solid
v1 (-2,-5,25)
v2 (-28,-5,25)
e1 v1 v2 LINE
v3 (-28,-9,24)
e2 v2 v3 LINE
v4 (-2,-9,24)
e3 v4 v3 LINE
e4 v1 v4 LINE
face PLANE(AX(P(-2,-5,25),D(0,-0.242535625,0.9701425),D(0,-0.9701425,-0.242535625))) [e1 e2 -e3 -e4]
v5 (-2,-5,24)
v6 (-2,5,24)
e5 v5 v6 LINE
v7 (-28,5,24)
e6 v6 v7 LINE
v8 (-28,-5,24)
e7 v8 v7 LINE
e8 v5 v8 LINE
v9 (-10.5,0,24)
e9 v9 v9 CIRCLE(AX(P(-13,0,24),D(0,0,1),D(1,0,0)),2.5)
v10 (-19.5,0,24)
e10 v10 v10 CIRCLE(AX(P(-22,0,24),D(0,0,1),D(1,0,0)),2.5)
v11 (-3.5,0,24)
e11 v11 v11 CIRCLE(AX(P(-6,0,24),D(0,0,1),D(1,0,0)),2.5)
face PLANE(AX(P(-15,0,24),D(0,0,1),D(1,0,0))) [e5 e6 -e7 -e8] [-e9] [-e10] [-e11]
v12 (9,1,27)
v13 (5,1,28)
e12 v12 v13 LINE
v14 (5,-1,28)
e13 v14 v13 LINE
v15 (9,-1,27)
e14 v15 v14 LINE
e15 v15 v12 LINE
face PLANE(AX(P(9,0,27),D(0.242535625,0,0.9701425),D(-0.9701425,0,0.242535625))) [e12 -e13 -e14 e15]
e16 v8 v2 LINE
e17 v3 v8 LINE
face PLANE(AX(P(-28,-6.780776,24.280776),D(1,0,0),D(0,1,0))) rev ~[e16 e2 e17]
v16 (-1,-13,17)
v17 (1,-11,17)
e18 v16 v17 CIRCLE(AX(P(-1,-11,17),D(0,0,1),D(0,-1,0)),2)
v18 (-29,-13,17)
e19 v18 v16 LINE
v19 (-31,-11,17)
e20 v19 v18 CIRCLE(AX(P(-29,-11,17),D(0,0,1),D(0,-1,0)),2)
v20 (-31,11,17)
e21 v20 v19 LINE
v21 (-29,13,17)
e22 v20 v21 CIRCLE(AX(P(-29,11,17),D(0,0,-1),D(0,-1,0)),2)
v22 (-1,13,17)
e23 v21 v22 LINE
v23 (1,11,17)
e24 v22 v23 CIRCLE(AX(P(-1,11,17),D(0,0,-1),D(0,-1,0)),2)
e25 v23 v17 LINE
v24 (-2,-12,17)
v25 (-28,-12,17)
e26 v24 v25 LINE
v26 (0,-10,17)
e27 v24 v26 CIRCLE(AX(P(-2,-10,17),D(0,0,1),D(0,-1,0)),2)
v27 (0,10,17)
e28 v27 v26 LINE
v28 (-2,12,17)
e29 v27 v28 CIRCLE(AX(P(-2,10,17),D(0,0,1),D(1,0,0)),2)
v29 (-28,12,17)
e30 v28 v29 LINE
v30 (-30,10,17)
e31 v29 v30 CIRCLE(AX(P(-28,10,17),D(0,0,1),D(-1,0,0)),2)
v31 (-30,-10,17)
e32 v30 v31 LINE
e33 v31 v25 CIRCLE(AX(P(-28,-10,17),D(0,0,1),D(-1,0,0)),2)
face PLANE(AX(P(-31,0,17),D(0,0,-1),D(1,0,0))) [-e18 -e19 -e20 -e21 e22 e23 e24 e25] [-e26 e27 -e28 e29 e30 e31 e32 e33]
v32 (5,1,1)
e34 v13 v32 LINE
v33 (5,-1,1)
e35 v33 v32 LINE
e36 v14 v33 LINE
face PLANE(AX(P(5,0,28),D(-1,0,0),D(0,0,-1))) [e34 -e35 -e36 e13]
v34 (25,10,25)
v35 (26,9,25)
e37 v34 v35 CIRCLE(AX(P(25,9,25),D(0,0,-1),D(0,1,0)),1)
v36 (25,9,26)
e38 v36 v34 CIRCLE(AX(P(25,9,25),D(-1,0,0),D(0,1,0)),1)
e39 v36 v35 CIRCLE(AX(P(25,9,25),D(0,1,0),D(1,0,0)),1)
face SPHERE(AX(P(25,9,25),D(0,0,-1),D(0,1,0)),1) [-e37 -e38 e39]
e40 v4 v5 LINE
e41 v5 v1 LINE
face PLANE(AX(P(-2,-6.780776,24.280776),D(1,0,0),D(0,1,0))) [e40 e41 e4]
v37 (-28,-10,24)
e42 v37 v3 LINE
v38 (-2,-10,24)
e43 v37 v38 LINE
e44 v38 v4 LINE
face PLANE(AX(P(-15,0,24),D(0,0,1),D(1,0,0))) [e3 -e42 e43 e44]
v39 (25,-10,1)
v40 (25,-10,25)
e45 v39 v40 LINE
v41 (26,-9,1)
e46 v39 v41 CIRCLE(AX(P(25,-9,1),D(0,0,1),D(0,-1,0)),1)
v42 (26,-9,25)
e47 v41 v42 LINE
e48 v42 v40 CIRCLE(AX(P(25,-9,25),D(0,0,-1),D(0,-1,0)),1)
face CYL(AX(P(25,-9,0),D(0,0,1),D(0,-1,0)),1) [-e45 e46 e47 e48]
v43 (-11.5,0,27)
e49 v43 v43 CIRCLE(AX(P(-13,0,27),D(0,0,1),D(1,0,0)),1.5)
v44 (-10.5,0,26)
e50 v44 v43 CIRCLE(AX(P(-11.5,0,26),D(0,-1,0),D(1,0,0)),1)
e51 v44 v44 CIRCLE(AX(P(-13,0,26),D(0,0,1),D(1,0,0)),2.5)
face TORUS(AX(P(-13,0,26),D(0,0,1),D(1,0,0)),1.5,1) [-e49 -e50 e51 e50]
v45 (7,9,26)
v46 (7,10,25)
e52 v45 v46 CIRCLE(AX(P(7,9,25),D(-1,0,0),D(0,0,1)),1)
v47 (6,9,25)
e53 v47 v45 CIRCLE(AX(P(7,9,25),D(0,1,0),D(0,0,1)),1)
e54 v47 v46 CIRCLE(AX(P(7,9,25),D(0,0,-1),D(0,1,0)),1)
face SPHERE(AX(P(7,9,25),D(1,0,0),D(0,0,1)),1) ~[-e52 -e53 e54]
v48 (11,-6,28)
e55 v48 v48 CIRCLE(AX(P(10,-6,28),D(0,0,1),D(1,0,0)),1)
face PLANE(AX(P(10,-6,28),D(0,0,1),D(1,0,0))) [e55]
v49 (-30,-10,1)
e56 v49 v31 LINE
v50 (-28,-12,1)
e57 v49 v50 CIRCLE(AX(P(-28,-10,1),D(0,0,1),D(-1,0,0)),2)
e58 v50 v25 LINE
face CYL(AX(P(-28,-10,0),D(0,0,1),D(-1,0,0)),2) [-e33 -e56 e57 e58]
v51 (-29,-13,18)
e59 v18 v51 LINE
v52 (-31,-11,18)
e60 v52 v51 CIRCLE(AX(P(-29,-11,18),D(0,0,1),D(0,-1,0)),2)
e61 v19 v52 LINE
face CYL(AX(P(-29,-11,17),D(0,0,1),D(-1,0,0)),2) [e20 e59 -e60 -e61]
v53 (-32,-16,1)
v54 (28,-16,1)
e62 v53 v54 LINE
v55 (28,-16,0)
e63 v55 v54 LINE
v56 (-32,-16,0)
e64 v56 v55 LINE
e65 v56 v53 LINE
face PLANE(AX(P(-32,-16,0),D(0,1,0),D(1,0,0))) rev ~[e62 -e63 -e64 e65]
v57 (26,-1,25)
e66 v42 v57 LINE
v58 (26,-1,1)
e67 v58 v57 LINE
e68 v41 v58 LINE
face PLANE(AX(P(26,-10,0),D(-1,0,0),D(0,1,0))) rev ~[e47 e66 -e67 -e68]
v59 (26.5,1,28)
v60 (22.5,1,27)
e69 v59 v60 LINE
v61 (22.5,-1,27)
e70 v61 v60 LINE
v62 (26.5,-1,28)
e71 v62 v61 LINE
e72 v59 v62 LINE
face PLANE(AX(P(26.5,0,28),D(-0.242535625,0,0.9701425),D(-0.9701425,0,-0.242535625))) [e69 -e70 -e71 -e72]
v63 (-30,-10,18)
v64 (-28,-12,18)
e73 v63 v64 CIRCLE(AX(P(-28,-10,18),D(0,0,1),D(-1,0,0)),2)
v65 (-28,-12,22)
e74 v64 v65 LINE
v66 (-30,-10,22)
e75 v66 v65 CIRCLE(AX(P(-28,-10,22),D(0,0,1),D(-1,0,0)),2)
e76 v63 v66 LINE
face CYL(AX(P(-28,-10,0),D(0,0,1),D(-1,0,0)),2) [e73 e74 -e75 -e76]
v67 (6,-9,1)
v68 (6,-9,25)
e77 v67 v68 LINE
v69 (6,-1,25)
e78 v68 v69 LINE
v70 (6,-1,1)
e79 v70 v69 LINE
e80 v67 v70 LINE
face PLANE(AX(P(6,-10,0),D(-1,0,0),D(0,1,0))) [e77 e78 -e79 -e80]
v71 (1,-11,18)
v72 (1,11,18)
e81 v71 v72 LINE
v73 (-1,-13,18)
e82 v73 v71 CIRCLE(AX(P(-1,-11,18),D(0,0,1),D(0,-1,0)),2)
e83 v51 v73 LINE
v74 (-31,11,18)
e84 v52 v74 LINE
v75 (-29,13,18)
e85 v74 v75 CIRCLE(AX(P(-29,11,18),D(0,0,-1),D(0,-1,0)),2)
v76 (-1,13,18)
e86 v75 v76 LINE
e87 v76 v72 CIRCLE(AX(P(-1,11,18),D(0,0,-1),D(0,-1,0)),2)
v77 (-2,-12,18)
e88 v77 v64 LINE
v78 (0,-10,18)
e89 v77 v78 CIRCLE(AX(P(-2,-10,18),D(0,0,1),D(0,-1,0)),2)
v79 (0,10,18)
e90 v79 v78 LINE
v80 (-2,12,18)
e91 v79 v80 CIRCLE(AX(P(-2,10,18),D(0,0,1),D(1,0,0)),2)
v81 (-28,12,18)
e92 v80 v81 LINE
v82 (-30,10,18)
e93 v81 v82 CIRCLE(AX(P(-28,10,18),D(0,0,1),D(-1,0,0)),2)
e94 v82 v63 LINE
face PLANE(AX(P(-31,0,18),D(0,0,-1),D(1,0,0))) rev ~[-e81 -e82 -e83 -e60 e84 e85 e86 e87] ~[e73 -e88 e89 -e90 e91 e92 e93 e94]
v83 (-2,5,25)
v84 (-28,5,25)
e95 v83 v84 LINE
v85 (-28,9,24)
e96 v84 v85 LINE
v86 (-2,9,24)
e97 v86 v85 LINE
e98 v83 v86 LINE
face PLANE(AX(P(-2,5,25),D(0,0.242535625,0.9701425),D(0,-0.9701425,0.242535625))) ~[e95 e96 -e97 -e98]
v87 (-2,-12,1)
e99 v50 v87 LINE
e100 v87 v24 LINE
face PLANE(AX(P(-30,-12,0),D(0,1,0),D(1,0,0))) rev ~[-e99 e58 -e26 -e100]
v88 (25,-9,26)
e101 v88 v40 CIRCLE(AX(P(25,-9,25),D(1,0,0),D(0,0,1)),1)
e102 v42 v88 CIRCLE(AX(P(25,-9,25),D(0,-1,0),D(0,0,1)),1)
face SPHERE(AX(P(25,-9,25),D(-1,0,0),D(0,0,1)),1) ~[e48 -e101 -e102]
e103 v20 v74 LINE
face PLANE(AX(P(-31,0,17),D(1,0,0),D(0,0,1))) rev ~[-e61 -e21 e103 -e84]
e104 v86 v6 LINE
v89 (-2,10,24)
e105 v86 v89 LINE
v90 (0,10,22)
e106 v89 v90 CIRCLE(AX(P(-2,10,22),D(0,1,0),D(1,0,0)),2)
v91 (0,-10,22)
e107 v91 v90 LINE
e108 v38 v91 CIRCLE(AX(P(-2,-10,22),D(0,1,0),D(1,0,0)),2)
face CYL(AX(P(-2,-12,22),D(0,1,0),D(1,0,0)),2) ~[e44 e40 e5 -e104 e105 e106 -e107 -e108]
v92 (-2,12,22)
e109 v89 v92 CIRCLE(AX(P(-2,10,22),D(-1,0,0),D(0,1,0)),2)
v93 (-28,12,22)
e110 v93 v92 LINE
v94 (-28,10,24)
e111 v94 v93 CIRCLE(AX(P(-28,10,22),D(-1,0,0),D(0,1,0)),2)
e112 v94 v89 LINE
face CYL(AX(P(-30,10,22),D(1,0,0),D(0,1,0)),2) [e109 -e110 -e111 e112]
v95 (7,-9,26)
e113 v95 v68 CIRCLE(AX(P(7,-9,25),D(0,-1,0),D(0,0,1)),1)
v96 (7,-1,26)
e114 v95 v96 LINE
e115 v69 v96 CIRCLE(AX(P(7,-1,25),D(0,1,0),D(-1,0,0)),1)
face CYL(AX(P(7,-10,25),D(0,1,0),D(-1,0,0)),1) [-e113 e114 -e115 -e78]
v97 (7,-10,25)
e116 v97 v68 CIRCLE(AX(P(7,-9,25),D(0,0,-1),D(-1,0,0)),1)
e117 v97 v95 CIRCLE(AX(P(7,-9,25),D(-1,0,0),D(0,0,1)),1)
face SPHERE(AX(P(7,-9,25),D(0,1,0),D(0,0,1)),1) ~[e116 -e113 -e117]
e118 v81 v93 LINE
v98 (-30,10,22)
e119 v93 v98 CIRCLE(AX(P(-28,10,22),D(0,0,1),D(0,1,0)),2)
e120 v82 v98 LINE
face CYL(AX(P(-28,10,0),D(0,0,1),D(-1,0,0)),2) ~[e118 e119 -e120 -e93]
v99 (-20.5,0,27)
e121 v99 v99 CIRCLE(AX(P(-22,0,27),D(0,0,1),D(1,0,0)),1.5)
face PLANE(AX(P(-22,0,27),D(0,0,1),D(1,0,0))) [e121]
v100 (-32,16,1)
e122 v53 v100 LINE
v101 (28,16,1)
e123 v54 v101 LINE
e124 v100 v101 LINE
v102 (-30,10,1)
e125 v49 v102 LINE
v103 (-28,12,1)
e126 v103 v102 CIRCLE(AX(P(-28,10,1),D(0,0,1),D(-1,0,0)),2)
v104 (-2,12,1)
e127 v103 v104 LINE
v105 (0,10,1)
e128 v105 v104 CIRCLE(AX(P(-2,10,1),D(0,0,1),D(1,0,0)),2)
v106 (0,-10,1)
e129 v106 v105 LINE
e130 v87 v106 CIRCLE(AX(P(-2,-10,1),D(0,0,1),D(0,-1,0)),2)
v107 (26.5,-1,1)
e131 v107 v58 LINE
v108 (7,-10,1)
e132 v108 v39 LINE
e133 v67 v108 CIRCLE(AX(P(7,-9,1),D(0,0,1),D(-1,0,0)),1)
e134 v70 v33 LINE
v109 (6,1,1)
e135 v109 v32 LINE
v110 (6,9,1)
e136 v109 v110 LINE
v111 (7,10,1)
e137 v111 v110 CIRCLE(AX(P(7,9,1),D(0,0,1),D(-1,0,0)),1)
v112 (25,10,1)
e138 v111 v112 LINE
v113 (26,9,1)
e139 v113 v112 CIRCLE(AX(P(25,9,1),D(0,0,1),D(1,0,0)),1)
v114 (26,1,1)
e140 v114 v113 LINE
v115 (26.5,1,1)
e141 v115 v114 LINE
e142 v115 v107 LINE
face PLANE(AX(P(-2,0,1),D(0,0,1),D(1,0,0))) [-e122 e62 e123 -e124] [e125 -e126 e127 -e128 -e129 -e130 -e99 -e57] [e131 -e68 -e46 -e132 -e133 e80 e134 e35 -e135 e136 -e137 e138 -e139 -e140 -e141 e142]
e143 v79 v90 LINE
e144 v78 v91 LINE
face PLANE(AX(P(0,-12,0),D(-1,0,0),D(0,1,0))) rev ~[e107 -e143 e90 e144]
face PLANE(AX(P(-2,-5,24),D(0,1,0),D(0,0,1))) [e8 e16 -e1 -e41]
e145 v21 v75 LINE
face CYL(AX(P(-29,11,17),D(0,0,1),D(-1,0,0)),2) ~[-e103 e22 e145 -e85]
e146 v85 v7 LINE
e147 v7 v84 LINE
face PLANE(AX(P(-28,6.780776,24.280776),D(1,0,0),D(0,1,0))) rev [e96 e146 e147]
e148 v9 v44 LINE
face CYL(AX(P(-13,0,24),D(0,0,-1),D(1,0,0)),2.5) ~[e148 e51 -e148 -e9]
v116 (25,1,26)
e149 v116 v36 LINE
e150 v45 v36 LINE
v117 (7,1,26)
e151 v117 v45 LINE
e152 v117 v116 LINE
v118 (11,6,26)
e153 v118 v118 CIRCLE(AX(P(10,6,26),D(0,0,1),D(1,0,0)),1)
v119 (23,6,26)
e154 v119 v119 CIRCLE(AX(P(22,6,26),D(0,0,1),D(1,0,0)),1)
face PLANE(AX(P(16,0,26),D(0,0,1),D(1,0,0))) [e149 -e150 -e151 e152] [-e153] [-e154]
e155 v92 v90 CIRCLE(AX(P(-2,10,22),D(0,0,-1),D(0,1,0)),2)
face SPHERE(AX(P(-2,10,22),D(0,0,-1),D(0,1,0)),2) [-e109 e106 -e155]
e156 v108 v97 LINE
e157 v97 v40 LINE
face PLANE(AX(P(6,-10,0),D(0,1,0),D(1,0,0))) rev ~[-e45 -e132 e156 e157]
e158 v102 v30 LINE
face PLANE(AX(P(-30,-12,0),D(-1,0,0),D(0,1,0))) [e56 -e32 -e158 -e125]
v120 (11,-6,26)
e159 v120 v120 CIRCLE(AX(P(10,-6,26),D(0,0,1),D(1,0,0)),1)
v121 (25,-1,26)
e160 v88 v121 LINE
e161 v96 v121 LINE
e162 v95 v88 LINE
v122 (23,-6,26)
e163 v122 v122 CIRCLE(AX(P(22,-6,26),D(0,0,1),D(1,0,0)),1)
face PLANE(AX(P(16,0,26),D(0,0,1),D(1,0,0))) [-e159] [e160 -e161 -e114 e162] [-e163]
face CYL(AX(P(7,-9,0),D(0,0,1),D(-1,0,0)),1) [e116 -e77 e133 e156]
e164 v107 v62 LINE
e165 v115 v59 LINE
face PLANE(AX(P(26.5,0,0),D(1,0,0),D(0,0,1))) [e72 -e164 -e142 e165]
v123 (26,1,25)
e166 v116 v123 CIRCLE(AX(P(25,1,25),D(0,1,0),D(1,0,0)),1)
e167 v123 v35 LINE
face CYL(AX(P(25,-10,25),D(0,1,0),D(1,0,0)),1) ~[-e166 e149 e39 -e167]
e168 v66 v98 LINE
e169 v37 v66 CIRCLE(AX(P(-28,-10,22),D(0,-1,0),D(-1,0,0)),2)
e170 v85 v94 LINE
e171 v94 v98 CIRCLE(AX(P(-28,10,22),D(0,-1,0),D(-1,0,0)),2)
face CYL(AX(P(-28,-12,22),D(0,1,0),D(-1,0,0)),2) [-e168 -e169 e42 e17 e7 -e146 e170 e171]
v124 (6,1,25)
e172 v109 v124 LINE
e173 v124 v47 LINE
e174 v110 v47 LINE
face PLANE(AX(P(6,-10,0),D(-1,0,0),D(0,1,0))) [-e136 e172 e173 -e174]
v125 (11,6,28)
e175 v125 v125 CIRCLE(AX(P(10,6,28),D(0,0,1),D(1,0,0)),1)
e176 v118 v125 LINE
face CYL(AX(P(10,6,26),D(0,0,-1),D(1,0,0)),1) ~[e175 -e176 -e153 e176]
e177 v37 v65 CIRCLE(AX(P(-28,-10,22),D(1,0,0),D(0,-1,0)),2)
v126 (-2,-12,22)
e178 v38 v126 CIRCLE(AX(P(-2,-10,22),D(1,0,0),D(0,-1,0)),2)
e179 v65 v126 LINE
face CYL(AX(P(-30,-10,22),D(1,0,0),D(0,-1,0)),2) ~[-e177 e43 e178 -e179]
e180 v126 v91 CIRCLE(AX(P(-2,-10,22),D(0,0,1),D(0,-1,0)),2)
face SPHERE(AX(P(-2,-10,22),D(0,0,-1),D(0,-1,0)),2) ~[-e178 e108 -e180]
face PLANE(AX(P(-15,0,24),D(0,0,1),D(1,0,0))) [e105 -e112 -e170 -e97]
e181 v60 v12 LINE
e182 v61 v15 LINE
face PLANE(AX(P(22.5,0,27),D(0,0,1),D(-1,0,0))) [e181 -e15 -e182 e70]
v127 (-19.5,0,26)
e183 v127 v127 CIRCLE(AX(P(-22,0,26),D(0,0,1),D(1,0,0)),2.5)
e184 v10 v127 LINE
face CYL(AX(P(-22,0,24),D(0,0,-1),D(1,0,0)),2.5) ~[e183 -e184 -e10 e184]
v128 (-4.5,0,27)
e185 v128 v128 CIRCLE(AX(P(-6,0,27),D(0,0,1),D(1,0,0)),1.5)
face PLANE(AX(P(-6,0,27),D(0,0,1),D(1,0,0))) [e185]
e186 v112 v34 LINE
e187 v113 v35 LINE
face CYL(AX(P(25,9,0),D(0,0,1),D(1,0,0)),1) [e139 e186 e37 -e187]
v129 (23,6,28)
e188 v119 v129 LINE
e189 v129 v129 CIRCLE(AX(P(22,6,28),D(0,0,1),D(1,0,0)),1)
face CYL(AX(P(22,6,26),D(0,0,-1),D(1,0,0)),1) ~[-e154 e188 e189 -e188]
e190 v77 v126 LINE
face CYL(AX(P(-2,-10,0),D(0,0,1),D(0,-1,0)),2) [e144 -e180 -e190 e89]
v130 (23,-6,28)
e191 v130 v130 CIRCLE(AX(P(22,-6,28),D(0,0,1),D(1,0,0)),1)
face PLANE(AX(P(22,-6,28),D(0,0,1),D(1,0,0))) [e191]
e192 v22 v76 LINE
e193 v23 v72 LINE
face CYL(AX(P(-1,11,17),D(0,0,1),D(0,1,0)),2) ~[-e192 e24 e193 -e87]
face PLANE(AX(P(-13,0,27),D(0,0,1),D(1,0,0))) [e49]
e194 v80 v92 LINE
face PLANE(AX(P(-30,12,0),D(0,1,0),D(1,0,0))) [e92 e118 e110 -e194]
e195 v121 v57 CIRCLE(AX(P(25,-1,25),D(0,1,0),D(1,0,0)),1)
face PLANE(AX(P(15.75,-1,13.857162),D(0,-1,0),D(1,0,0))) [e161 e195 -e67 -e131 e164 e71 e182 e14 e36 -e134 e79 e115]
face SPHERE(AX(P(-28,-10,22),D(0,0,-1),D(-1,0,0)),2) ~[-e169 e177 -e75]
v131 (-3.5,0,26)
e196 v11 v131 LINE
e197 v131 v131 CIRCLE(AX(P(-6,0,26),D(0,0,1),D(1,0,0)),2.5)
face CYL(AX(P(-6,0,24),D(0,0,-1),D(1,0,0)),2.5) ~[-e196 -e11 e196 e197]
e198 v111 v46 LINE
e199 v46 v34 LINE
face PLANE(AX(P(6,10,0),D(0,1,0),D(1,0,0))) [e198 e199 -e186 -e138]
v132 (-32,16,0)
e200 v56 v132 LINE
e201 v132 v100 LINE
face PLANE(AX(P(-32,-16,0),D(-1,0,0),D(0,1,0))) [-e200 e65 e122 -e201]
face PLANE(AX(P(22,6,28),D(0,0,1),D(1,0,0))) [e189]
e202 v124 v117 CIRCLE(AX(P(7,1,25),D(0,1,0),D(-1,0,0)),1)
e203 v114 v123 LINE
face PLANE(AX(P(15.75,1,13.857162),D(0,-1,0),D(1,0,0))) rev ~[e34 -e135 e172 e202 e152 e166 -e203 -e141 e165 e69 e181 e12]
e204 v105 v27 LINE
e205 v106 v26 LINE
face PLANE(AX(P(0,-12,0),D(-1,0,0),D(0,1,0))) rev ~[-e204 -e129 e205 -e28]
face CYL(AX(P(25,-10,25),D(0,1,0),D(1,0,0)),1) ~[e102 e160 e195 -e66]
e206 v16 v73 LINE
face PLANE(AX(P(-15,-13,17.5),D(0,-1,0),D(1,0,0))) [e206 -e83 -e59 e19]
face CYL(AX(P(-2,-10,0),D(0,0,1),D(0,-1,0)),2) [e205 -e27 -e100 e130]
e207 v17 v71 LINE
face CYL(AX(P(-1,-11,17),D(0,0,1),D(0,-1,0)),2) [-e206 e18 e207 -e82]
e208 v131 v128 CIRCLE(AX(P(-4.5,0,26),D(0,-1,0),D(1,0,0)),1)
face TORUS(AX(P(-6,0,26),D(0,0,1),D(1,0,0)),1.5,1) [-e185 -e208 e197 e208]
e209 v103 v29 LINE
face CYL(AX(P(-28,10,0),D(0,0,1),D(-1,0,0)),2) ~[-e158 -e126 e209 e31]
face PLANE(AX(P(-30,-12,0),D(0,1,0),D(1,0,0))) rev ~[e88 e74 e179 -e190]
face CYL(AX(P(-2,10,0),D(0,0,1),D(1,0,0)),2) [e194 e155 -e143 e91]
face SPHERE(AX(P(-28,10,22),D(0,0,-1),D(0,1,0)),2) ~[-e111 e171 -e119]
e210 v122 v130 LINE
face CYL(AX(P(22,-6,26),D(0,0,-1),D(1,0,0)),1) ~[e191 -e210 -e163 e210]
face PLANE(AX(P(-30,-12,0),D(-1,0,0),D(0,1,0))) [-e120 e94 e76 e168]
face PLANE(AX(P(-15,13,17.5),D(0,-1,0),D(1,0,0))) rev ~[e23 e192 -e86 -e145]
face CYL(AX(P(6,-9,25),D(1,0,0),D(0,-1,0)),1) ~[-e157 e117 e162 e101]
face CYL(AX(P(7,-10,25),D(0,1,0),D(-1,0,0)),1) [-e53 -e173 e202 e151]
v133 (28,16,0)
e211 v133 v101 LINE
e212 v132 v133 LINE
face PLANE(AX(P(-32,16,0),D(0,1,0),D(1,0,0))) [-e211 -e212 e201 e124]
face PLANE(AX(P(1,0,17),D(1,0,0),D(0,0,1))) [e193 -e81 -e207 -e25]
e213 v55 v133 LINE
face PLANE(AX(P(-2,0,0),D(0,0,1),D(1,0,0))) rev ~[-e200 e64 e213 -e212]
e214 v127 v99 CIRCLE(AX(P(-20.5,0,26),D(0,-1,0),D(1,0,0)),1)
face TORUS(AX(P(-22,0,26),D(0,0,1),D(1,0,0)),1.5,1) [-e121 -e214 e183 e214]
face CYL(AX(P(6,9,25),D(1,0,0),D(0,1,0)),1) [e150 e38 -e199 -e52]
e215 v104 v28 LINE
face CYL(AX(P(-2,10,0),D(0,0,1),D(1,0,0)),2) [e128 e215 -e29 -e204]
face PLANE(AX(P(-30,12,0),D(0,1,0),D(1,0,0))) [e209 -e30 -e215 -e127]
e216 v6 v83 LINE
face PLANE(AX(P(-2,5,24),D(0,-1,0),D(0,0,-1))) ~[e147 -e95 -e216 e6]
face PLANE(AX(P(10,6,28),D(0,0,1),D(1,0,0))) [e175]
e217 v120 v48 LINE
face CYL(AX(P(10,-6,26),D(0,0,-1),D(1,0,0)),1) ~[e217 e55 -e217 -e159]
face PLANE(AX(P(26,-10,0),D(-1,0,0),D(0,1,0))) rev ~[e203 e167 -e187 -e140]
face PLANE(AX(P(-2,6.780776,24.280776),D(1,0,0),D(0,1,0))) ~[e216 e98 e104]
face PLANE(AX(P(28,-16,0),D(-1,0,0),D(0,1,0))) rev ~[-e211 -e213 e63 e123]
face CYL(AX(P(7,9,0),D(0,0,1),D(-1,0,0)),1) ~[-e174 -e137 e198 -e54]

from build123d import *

# Parameters (mm, degrees)
F1_W      = 30
F1_H      = 24
F2_DEPTH  = 24
F3_R      = 2
F4_W      = 32
F4_H      = 1
F5_DEPTH  = 13
F6_R      = 2
F7_R      = 2.5
F8_DEPTH  = 3
F9_R      = 1
F11_DEPTH = 26
F13_W     = 20
F13_H     = 20
F14_DEPTH = 26
F15_R     = 1
F16_R     = 1
F17_DEPTH = 2
F19_DEPTH = 1
F20_W     = 60
F20_H     = 32
F21_DEPTH = 1


with BuildPart() as f2:
    # F1 (on Top) → F2 (new body)
    with BuildSketch(Plane.XY):
        with Locations((-15, 0)):
            Rectangle(F1_W, F1_H)
    extrude(amount=F2_DEPTH)

    # F3
    f3_edges = [f2.edges().sort_by_distance(p)[0] for p in [
        (-30, 12, 12),
        (0, 12, 12),
        (-30, -12, 12),
        (0, -12, 12),
        (-15, 12, 24),
        (-30, 0, 24),
        (-15, -12, 24),
        (0, 0, 24),
    ]]
    fillet(f3_edges, radius=F3_R)

    # F4 (on Front) → F5 (join, symmetric)
    with BuildSketch(Plane.XZ):
        with Locations((-15, 17.5)):
            Rectangle(F4_W, F4_H)
    extrude(amount=F5_DEPTH, both=True)

    # F6
    f6_edges = [f2.edges().sort_by_distance(p)[0] for p in [
        (-31, 13, 17.5),
        (-31, -13, 17.5),
        (1, 13, 17.5),
        (1, -13, 17.5),
    ]]
    fillet(f6_edges, radius=F6_R)

    # F7 (on face) → F8 (join)
    with BuildSketch(Plane.XY.offset(24)):
        with Locations((-22, 0)):
            Circle(F7_R)
        with Locations((-13, 0)):
            Circle(F7_R)
        with Locations((-6, 0)):
            Circle(F7_R)
    extrude(amount=F8_DEPTH)

    # F9
    f9_edges = [f2.edges().sort_by_distance(p)[0] for p in [
        (-24.5, 0, 27),
        (-15.5, 0, 27),
        (-8.5, 0, 27),
    ]]
    fillet(f9_edges, radius=F9_R)

    # F10 (on offset) → F11 (join)
    with BuildSketch(Plane.YZ.offset(-2)):
        Polygon((-9, 24), (-5, 24), (-5, 25), align=None)
    extrude(amount=-F11_DEPTH)

    # F12: F2 across plane


with BuildPart() as f2_1:
    add(f2.part)
    add(f2.part.mirror(Plane.XZ))



with BuildPart() as f14:
    # F13 (on Top) → F14 (new body)
    with BuildSketch(Plane.XY):
        with Locations((16, 0)):
            Rectangle(F13_W, F13_H)
    extrude(amount=F14_DEPTH)

    # F15
    f15_edges = [f14.edges().sort_by_distance(p)[0] for p in [
        (26, 10, 13),
        (16, 10, 26),
        (6, 0, 26),
        (16, -10, 26),
        (26, 0, 26),
        (26, -10, 13),
        (6, 10, 13),
        (6, -10, 13),
    ]]
    fillet(f15_edges, radius=F15_R)

    # F16 (on face) → F17 (join)
    with BuildSketch(Plane.XY.offset(26)):
        with Locations((10, 6)):
            Circle(F16_R)
        with Locations((22, 6)):
            Circle(F16_R)
        with Locations((10, -6)):
            Circle(F16_R)
        with Locations((22, -6)):
            Circle(F16_R)
    extrude(amount=F17_DEPTH)

    # F18 (on Front) → F19 (join, symmetric)
    with BuildSketch(Plane.XZ):
        Polygon((5, 28), (5, 0), (26.5, 0), (26.5, 28), (22.5, 27), (9, 27), align=None)
    extrude(amount=F19_DEPTH, both=True)


with BuildPart() as f2_2:
    add(f2_1.part)

    add(f14.part)  # F21 merges F14
    # F20 (on Top) → F21 (join)
    with BuildSketch(Plane.XY):
        with Locations((-2, 0)):
            Rectangle(F20_W, F20_H)
    extrude(amount=F21_DEPTH)


solid = f2_2.part
